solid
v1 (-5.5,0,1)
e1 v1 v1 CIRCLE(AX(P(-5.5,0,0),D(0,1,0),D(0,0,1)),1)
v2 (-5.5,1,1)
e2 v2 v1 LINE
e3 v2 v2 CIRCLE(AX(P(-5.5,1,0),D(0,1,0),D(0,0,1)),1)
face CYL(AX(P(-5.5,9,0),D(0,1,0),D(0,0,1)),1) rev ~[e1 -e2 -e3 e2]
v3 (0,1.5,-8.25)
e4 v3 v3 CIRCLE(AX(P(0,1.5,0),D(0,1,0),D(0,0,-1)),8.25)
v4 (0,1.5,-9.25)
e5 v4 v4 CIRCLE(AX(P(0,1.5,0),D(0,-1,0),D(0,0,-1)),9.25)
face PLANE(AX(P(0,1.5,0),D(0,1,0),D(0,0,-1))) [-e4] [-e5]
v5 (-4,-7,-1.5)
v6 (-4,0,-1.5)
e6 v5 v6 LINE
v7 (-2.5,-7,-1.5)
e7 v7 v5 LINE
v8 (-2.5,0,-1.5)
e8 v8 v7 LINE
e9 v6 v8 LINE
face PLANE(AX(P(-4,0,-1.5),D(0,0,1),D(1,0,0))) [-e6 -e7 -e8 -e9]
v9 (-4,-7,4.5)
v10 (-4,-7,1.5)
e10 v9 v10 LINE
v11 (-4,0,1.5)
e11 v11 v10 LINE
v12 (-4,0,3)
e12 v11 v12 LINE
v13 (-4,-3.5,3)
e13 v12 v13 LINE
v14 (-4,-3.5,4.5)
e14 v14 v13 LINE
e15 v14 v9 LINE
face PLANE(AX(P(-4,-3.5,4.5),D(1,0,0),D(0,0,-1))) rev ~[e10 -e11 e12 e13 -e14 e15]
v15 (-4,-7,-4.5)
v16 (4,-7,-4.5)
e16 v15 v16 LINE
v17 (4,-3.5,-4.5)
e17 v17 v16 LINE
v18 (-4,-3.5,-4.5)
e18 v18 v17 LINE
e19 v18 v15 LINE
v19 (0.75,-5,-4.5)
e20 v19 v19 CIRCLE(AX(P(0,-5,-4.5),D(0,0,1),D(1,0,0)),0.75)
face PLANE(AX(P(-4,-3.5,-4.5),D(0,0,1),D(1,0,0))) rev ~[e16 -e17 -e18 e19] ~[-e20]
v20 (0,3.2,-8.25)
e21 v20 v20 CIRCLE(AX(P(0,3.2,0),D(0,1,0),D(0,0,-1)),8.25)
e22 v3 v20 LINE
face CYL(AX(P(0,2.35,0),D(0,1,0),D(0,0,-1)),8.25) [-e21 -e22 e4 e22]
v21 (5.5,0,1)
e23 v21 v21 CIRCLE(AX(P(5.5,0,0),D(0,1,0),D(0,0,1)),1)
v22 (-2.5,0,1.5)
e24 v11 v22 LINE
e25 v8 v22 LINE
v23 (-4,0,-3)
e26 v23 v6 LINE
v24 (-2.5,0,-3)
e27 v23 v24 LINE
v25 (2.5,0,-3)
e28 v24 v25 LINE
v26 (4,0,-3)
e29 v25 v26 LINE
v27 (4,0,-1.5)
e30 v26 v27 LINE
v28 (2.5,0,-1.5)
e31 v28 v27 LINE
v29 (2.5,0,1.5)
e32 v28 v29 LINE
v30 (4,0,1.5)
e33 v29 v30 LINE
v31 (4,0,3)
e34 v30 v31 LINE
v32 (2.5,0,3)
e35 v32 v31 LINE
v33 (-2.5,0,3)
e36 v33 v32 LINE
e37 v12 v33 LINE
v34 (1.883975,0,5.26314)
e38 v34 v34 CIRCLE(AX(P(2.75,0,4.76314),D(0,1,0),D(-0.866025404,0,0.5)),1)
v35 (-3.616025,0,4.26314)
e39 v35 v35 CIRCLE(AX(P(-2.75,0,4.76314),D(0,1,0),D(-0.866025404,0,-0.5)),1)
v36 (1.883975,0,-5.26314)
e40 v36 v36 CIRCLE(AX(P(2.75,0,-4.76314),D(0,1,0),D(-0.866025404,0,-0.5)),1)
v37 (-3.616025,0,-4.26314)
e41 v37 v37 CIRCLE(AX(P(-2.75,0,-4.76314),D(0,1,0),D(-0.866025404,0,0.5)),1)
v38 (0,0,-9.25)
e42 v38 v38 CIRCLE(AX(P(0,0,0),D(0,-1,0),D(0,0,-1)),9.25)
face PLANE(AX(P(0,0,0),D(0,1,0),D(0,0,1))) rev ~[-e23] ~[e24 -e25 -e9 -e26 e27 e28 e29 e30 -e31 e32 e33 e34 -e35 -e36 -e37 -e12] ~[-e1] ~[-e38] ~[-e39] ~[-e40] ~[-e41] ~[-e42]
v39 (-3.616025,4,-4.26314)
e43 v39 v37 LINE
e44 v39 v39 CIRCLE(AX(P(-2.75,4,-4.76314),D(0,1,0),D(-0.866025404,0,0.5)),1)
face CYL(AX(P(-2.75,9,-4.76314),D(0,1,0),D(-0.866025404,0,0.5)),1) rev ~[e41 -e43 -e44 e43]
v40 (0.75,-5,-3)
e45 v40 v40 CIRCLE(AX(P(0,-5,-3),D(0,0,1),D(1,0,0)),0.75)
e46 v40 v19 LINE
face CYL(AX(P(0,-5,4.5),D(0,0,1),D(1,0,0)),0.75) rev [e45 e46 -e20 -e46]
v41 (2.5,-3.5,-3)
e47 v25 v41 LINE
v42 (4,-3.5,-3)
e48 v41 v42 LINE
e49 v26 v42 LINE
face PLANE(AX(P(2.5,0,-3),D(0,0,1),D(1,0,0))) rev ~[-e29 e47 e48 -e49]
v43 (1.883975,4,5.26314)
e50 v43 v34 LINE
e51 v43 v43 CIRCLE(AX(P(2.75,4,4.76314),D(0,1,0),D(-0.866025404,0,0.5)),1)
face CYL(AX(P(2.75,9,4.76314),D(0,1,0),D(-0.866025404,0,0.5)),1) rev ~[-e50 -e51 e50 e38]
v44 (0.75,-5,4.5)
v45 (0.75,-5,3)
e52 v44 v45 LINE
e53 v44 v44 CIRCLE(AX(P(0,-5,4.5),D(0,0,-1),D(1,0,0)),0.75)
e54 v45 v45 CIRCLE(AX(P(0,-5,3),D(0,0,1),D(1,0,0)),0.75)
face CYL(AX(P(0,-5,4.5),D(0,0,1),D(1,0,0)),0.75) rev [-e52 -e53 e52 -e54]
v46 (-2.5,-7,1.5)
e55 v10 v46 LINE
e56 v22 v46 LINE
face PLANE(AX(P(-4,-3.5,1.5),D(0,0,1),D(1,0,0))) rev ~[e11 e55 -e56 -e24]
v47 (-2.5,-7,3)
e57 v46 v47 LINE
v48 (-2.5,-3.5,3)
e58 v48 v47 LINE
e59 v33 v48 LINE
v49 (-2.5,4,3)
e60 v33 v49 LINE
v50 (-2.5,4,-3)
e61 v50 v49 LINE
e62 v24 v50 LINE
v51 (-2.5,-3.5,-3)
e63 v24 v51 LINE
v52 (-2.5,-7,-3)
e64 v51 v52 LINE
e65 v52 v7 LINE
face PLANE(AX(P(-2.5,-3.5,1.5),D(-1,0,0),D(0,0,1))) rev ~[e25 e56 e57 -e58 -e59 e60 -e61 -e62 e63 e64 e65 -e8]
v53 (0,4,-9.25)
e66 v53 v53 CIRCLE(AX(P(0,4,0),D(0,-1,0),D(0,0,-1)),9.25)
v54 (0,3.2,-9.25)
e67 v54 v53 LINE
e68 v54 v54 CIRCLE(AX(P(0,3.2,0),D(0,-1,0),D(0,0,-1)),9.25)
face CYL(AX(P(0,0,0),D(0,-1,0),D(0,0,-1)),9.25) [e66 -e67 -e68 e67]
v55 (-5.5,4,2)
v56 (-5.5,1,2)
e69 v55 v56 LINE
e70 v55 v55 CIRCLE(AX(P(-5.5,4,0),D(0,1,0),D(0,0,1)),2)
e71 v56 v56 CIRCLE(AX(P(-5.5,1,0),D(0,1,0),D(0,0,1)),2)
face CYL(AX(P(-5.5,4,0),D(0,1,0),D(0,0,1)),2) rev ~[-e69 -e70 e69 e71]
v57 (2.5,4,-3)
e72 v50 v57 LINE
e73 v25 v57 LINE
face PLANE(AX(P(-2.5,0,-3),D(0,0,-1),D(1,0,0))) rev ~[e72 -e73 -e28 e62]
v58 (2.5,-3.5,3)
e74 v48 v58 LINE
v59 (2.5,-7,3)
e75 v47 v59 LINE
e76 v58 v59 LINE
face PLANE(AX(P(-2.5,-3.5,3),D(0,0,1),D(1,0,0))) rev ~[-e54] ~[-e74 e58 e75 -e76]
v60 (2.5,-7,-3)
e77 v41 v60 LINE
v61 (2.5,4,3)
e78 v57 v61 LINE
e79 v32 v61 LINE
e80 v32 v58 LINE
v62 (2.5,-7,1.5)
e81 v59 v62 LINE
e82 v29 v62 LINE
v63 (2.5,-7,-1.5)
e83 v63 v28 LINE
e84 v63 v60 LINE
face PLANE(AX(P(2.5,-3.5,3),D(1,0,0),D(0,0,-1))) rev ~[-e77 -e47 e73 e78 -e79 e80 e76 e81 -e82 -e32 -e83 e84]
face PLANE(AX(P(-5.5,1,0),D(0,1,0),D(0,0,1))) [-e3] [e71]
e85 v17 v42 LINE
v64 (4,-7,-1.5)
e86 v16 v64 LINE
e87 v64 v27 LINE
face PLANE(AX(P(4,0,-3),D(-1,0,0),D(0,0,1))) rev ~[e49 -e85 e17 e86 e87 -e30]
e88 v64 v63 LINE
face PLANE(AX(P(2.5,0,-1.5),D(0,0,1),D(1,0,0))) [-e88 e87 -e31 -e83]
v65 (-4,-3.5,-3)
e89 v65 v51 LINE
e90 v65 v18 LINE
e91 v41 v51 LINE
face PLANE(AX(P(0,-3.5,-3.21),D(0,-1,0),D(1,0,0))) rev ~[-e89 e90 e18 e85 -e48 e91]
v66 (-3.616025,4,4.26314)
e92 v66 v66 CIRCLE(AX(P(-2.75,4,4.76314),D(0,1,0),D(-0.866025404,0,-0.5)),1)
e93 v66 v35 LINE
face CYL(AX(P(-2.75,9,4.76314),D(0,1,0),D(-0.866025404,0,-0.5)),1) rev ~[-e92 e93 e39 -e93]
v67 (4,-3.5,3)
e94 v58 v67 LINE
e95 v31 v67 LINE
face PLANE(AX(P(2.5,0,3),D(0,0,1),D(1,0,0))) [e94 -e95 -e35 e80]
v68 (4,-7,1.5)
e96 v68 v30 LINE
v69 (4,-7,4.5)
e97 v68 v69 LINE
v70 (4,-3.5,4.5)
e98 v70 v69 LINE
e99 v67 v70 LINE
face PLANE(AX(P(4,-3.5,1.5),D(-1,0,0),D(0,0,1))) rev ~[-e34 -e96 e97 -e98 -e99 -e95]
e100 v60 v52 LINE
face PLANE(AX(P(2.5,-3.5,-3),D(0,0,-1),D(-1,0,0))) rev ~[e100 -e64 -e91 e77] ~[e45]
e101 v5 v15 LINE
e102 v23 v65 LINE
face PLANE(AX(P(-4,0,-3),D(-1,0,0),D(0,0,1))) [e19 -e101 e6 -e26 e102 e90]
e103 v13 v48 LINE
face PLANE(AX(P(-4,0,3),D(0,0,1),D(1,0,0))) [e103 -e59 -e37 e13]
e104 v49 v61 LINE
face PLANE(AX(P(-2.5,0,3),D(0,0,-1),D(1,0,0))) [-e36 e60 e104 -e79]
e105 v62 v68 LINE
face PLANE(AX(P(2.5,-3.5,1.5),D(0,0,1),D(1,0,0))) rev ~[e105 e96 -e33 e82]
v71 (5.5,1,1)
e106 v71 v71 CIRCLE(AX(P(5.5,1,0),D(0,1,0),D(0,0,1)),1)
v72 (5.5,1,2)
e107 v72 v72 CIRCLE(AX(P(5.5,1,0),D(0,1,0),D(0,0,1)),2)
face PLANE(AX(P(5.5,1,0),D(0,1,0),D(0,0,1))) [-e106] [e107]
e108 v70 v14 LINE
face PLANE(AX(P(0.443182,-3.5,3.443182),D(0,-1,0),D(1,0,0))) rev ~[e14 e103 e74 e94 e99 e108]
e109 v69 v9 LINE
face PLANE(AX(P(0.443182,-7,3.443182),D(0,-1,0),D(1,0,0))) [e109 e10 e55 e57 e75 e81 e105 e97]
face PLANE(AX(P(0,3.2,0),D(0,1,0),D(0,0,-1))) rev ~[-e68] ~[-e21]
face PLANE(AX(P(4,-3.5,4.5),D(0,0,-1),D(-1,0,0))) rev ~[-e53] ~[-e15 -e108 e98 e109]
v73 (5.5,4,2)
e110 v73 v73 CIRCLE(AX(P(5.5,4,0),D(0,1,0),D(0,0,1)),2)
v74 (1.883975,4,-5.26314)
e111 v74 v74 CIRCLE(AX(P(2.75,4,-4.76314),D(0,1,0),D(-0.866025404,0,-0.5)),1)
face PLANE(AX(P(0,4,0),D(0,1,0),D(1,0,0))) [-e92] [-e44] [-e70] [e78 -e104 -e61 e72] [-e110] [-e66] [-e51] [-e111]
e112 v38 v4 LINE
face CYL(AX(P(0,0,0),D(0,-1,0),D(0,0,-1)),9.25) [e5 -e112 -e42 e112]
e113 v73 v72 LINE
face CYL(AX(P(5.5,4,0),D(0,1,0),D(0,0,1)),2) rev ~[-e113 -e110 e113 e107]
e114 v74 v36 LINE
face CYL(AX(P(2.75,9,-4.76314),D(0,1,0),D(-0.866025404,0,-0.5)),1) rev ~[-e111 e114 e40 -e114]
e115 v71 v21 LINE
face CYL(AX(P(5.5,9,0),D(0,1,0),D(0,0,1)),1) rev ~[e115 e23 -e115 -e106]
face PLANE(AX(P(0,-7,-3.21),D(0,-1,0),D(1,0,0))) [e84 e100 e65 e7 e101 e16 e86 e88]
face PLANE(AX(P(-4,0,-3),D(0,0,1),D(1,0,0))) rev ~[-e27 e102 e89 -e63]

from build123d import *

# Parameters (mm, degrees)
SKETCH_1_R               = 11
EXTRUDE_1_DEPTH          = 9
SKETCH_2_R               = 1
CUT_EXTRUDE_1_DEPTH      = 10
SKETCH_3_R               = 16.549134696
SKETCH_3_R_2             = 9.25
CUT_EXTRUDE_2_DEPTH      = 7
SKETCH_4_W               = 2
SKETCH_4_H               = 1.7
SKETCH_5_W               = 5
SKETCH_5_H               = 6
CUT_EXTRUDE_3_DEPTH      = 7
SKETCH_6_R               = 1.4
CUT_EXTRUDE_4_DEPTH      = 7
PATTERN_CIRCULAR_1_COUNT = 3
PATTERN_CIRCULAR_1_ANGLE = 120
SKETCH_10_R              = 17.755262973
CUT_EXTRUDE_8_DEPTH      = 5
SKETCH_11_R              = 2
CUT_EXTRUDE_9_DEPTH      = 3
SKETCH_12_W              = 1.5
SKETCH_12_H              = 1.5
EXTRUDE_2_DEPTH          = 3.5
SKETCH_14_W              = 1.5
SKETCH_14_H              = 1.5
EXTRUDE_3_DEPTH          = 3.5
SKETCH_13_R              = 0.75
CUT_EXTRUDE_11_DEPTH     = 18.989580318


with BuildPart() as part:
    # 草图1 → 凸台-拉伸1 (new body)
    with BuildSketch(Plane(origin=(0, 0, 0), x_dir=(1, 0, 0), z_dir=(0, 1, 0))):
        with Locations(Location((0, 0, 0), (0, 0, 270))):
            Circle(SKETCH_1_R)
    extrude(amount=EXTRUDE_1_DEPTH)

    # 草图2 → 切除-拉伸1 (cut)
    with BuildSketch(Plane(origin=(0, 9, 0), x_dir=(1, 0, 0), z_dir=(0, 1, 0))):
        with Locations(Location((-5.5, 0, 0), (0, 0, 270))):
            Circle(SKETCH_2_R)
        with Locations(Location((5.5, 0, 0), (0, 0, 270))):
            Circle(SKETCH_2_R)
    cut_extrude_1 = extrude(amount=-CUT_EXTRUDE_1_DEPTH, mode=Mode.SUBTRACT)

    # 草图3 → 切除-拉伸2 (cut)
    with BuildSketch(Plane.XZ):
        Circle(SKETCH_3_R)
        with Locations(Location((0, 0, 0), (0, 0, 270))):
            Circle(SKETCH_3_R_2, mode=Mode.SUBTRACT)
    extrude(amount=-CUT_EXTRUDE_2_DEPTH, mode=Mode.SUBTRACT)

    # 草图4 → 切除-旋转1 (revolve, cut)
    with BuildSketch(Plane.XY, mode=Mode.PRIVATE) as cut_revolve_1_sk:
        with Locations((-9.25, 5.45)):
            Rectangle(SKETCH_4_W, SKETCH_4_H)
        with Locations((-9.25, 2.35)):
            Rectangle(SKETCH_4_W, SKETCH_4_H)
    revolve(cut_revolve_1_sk.sketch.rotate(Axis((0, 0, 0), (0, 1, 0)), 270), axis=Axis((0, 0, 0), (0, 1, 0)), mode=Mode.SUBTRACT)

    # 草图5 → 切除-拉伸3 (cut)
    with BuildSketch(Plane.XZ):
        Rectangle(SKETCH_5_W, SKETCH_5_H)
    extrude(amount=-CUT_EXTRUDE_3_DEPTH, mode=Mode.SUBTRACT)

    # 草图6 → 切除-拉伸4 (cut)
    with BuildSketch(Plane(origin=(0, 9, 0), x_dir=(1, 0, 0), z_dir=(0, 1, 0))):
        with Locations(Location((0, 0, 0), (0, 0, 270))):
            Circle(SKETCH_6_R)
    extrude(amount=-CUT_EXTRUDE_4_DEPTH, mode=Mode.SUBTRACT)

    # 阵列(圆周)1: 切除-拉伸1 ×3 about axis
    pattern_circular_1_axis = Axis((0, 0, 0), (0, -1, 0))
    for i in range(1, PATTERN_CIRCULAR_1_COUNT):
        add(cut_extrude_1.rotate(pattern_circular_1_axis, i * PATTERN_CIRCULAR_1_ANGLE / (PATTERN_CIRCULAR_1_COUNT - 1)), mode=Mode.SUBTRACT)

    # 草图10 → 切除-拉伸8 (cut)
    with BuildSketch(Plane(origin=(0, 9, 0), x_dir=(1, 0, 0), z_dir=(0, 1, 0))):
        Circle(SKETCH_10_R)
    extrude(amount=-CUT_EXTRUDE_8_DEPTH, mode=Mode.SUBTRACT)

    # 草图11 → 切除-拉伸9 (cut)
    with BuildSketch(Plane(origin=(0, 4, 0), x_dir=(1, 0, 0), z_dir=(0, 1, 0))):
        with Locations(Location((-5.5, 0, 0), (0, 0, 270))):
            Circle(SKETCH_11_R)
        with Locations(Location((5.5, 0, 0), (0, 0, 270))):
            Circle(SKETCH_11_R)
    extrude(amount=-CUT_EXTRUDE_9_DEPTH, mode=Mode.SUBTRACT)

    # 草图12 → 凸台-拉伸2 (add)
    with BuildSketch(Plane.XZ):
        with Locations((-3.25, 2.25)):
            Rectangle(SKETCH_12_W, SKETCH_12_H)
        with Locations((3.25, 2.25)):
            Rectangle(SKETCH_12_W, SKETCH_12_H)
        with Locations((3.25, -2.25)):
            Rectangle(SKETCH_12_W, SKETCH_12_H)
        with Locations((-3.25, -2.25)):
            Rectangle(SKETCH_12_W, SKETCH_12_H)
    extrude(amount=EXTRUDE_2_DEPTH)

    # 草图14 → 凸台-拉伸3 (add)
    with BuildSketch(Plane.XZ.offset(3.5)):
        Polygon((-4, 4.5), (-4, 3), (-2.5, 3), (2.5, 3), (2.5, 1.5), (4, 1.5), (4, 4.5), align=None)
        with Locations((-3.25, 2.25)):
            Rectangle(SKETCH_14_W, SKETCH_14_H)
        Polygon((-2.5, -3), (-2.5, -1.5), (-4, -1.5), (-4, -4.5), (4, -4.5), (4, -1.5), (2.5, -1.5), (2.5, -3), align=None)
    extrude(amount=EXTRUDE_3_DEPTH)

    # 草图13 → 切除-拉伸11 (cut, through all)
    with BuildSketch(Plane(origin=(0, 0, 4.5), x_dir=(-1, 0, 0), z_dir=(0, 0, -1))):
        with Locations(Location((0, -5, 0), (0, 0, 180))):
            Circle(SKETCH_13_R)
    extrude(amount=CUT_EXTRUDE_11_DEPTH, mode=Mode.SUBTRACT)


solid = part.part
